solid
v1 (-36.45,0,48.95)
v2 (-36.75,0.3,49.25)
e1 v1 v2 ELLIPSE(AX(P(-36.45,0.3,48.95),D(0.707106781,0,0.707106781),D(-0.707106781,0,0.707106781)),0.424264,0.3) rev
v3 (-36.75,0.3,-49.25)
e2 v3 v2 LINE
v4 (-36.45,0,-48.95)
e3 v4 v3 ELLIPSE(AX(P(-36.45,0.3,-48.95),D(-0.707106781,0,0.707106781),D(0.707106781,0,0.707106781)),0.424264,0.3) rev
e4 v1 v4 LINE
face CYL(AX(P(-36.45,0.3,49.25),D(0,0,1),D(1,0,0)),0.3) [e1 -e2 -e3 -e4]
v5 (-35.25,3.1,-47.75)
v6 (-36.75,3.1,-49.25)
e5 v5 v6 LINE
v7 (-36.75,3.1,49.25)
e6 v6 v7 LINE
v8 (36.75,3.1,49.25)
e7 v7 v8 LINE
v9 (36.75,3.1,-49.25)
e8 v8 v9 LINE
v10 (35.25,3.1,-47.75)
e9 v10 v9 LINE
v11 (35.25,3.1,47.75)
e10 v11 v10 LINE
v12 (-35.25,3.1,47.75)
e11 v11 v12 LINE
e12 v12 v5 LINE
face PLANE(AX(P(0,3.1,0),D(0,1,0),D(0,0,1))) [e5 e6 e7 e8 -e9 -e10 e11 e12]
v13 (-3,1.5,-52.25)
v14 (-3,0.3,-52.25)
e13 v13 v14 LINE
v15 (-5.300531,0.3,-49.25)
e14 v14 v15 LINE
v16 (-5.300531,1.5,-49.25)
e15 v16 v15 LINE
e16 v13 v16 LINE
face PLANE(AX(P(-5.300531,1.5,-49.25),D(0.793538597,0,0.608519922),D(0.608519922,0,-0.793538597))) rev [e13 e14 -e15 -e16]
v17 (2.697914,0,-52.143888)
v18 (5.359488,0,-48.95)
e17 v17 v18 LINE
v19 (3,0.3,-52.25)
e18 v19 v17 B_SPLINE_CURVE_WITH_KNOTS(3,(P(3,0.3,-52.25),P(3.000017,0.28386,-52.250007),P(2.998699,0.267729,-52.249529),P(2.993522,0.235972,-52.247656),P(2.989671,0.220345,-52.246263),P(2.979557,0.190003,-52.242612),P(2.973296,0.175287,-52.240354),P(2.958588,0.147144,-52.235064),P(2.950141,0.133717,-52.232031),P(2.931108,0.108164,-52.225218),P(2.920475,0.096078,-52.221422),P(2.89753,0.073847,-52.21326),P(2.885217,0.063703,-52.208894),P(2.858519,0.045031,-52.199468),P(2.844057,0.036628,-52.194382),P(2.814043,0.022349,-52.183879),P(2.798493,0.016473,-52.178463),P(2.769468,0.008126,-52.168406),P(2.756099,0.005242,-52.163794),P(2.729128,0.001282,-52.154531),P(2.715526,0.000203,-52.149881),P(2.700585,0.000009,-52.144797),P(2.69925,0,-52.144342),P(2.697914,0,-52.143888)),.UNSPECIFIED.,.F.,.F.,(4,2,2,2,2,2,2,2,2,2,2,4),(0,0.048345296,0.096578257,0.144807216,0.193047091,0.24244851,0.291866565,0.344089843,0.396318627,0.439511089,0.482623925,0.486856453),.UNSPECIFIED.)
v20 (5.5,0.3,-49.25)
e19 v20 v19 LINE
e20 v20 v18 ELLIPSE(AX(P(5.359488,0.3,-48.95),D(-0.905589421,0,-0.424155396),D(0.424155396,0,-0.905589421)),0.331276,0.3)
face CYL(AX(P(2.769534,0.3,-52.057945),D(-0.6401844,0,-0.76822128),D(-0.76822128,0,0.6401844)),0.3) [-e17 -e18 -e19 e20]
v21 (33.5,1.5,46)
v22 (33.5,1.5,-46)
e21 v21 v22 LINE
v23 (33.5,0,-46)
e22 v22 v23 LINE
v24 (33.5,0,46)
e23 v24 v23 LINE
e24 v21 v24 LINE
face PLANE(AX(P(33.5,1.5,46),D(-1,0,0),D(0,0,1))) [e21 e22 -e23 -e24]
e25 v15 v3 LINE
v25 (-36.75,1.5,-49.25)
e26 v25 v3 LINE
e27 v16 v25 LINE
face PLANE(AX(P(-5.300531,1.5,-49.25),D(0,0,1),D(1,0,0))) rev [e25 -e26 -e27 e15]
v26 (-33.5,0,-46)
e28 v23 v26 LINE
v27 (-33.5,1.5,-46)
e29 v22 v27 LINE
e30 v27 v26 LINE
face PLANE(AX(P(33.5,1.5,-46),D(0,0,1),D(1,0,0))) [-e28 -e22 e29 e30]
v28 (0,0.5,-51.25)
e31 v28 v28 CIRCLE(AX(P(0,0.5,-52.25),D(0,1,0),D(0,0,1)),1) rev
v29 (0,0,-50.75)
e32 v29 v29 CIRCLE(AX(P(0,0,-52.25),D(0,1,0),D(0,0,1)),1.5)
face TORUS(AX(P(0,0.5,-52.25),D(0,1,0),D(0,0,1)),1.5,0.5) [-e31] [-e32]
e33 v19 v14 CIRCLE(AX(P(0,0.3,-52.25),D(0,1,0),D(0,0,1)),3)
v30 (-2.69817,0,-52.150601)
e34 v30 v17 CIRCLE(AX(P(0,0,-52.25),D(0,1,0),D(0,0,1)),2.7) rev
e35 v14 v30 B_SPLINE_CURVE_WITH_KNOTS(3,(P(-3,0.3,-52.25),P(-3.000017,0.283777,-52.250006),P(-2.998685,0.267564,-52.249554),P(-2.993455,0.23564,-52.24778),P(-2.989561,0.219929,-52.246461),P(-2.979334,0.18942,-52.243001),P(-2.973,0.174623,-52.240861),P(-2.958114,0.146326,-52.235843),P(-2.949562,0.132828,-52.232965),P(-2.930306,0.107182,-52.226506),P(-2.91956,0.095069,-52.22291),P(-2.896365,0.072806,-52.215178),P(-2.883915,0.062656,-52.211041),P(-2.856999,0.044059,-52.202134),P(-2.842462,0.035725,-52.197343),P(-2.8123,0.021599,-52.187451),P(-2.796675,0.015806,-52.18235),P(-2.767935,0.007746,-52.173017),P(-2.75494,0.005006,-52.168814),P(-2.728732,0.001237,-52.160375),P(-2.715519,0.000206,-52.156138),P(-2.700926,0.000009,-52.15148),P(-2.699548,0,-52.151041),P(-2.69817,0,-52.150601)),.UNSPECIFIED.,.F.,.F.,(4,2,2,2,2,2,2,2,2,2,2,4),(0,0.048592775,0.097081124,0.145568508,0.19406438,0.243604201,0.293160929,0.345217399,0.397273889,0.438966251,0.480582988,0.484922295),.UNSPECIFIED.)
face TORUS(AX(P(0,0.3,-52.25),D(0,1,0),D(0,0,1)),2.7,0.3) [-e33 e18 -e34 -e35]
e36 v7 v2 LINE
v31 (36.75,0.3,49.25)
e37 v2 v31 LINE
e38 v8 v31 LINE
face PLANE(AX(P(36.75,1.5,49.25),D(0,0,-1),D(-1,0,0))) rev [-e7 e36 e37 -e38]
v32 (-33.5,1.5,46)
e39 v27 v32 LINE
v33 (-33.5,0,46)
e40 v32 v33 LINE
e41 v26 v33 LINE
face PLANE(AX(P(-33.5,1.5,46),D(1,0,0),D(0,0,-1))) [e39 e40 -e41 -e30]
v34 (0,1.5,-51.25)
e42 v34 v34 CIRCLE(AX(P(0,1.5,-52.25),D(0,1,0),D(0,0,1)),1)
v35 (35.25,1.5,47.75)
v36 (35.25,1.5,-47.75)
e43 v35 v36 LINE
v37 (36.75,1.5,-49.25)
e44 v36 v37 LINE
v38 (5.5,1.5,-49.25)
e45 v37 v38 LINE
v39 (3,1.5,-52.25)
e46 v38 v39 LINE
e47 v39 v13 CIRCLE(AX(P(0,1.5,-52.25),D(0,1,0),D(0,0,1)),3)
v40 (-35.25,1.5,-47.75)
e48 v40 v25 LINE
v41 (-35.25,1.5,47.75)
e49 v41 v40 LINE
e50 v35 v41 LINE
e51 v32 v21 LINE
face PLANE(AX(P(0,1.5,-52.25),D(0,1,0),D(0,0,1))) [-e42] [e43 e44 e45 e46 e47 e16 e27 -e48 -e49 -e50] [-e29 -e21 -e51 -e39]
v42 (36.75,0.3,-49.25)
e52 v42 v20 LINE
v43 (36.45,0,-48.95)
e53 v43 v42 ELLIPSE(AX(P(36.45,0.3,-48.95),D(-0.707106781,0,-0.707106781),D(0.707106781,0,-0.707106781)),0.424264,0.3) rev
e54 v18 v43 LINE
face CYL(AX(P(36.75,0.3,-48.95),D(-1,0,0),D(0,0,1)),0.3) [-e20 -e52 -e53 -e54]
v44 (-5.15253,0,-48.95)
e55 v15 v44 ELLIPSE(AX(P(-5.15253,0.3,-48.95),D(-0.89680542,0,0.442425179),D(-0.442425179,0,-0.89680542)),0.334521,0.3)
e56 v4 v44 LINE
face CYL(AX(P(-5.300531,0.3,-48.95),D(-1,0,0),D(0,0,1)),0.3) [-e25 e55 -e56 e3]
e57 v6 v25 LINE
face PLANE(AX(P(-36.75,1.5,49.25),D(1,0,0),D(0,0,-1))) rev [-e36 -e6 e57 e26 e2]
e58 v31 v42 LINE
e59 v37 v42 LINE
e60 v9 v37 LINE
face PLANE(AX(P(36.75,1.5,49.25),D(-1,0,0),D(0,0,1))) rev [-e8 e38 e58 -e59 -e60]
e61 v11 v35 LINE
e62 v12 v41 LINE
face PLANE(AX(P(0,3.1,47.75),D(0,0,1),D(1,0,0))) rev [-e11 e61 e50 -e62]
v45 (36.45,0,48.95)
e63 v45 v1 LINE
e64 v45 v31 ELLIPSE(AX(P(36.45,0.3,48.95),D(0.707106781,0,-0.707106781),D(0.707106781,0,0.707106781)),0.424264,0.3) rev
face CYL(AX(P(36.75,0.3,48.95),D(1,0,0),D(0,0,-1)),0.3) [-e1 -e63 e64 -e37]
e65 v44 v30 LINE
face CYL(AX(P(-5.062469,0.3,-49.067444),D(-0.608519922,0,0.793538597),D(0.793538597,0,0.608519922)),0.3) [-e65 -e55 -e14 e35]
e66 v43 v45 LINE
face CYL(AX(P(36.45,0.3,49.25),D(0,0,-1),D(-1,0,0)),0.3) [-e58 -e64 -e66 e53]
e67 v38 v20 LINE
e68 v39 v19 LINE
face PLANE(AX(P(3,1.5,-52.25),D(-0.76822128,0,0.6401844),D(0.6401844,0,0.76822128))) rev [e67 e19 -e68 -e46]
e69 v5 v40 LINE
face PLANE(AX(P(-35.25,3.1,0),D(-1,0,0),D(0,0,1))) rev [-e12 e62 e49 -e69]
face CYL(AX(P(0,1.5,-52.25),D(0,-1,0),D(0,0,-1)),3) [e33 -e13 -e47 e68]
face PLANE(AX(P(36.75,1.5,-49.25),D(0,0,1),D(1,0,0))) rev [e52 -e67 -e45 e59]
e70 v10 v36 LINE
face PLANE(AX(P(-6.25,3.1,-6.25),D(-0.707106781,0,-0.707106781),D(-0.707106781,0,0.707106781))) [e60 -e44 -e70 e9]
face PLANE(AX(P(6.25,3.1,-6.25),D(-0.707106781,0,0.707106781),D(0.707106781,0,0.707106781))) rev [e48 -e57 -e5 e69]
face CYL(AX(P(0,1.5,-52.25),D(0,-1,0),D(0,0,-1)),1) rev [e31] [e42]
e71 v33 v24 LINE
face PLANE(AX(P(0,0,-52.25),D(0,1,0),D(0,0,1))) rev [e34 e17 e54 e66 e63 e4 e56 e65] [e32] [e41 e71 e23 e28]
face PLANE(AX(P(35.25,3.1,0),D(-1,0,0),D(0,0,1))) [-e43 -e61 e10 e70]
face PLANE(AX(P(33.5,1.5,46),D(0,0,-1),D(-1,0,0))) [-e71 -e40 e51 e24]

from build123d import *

# Parameters (mm, degrees)
SKETCH_1_R      = 1
SKETCH_1_W      = 67
SKETCH_1_H      = 92
EXTRUDE_1_DEPTH = 1.5
EXTRUDE_2_DEPTH = 1.6
FILLET_1_R      = 0.3
FILLET_2_R      = 0.5


with BuildPart() as part:
    # Эскиз1 → Бобышка-Вытянуть1 (new body)
    with BuildSketch(Plane(origin=(0, 0, 0), x_dir=(1, 0, 0), z_dir=(0, 1, 0))):
        with BuildLine():
            Line((36.75, 49.25), (5.5, 49.25))
            Line((5.5, 49.25), (3, 52.25))
            ThreePointArc((3, 52.25), (0, 55.25), (-3, 52.25))
            Line((-3, 52.25), (-5.300530524, 49.25))
            Line((-5.300530524, 49.25), (-36.75, 49.25))
            Line((-36.75, 49.25), (-36.75, -49.25))
            Line((-36.75, -49.25), (36.75, -49.25))
            Line((36.75, -49.25), (36.75, 49.25))
        make_face()
        with Locations(Location((0, 52.25, 0), (0, 0, 270))):
            Circle(SKETCH_1_R, mode=Mode.SUBTRACT)
        Rectangle(SKETCH_1_W, SKETCH_1_H, mode=Mode.SUBTRACT)
    extrude(amount=EXTRUDE_1_DEPTH)

    # Эскиз2 → Бобышка-Вытянуть2 (add)
    with BuildSketch(Plane(origin=(0, 1.5, 0), x_dir=(1, 0, 0), z_dir=(0, 1, 0))):
        Polygon((35.25, 47.75), (36.75, 49.25), (36.75, -49.25), (-36.75, -49.25), (-36.75, 49.25), (-35.25, 47.75), (-35.25, -47.75), (35.25, -47.75), align=None)
    extrude(amount=EXTRUDE_2_DEPTH)

    # Скругление1
    fillet_1_edges = [part.edges().sort_by_distance(p)[0] for p in [
        (21.125, 0, -49.25),
        (36.75, 0, 0),
        (0, 0, 49.25),
        (-36.75, 0, 0),
        (-21.025265262, 0, -49.25),
        (-4.150265262, 0, -50.75),
        (0, 0, -55.25),
        (4.25, 0, -50.75),
    ]]
    fillet(fillet_1_edges, radius=FILLET_1_R)

    # Скругление2
    fillet_2_edges = [part.edges().sort_by_distance(p)[0] for p in [
        (0, 0, -53.25),
    ]]
    fillet(fillet_2_edges, radius=FILLET_2_R)


solid = part.part
